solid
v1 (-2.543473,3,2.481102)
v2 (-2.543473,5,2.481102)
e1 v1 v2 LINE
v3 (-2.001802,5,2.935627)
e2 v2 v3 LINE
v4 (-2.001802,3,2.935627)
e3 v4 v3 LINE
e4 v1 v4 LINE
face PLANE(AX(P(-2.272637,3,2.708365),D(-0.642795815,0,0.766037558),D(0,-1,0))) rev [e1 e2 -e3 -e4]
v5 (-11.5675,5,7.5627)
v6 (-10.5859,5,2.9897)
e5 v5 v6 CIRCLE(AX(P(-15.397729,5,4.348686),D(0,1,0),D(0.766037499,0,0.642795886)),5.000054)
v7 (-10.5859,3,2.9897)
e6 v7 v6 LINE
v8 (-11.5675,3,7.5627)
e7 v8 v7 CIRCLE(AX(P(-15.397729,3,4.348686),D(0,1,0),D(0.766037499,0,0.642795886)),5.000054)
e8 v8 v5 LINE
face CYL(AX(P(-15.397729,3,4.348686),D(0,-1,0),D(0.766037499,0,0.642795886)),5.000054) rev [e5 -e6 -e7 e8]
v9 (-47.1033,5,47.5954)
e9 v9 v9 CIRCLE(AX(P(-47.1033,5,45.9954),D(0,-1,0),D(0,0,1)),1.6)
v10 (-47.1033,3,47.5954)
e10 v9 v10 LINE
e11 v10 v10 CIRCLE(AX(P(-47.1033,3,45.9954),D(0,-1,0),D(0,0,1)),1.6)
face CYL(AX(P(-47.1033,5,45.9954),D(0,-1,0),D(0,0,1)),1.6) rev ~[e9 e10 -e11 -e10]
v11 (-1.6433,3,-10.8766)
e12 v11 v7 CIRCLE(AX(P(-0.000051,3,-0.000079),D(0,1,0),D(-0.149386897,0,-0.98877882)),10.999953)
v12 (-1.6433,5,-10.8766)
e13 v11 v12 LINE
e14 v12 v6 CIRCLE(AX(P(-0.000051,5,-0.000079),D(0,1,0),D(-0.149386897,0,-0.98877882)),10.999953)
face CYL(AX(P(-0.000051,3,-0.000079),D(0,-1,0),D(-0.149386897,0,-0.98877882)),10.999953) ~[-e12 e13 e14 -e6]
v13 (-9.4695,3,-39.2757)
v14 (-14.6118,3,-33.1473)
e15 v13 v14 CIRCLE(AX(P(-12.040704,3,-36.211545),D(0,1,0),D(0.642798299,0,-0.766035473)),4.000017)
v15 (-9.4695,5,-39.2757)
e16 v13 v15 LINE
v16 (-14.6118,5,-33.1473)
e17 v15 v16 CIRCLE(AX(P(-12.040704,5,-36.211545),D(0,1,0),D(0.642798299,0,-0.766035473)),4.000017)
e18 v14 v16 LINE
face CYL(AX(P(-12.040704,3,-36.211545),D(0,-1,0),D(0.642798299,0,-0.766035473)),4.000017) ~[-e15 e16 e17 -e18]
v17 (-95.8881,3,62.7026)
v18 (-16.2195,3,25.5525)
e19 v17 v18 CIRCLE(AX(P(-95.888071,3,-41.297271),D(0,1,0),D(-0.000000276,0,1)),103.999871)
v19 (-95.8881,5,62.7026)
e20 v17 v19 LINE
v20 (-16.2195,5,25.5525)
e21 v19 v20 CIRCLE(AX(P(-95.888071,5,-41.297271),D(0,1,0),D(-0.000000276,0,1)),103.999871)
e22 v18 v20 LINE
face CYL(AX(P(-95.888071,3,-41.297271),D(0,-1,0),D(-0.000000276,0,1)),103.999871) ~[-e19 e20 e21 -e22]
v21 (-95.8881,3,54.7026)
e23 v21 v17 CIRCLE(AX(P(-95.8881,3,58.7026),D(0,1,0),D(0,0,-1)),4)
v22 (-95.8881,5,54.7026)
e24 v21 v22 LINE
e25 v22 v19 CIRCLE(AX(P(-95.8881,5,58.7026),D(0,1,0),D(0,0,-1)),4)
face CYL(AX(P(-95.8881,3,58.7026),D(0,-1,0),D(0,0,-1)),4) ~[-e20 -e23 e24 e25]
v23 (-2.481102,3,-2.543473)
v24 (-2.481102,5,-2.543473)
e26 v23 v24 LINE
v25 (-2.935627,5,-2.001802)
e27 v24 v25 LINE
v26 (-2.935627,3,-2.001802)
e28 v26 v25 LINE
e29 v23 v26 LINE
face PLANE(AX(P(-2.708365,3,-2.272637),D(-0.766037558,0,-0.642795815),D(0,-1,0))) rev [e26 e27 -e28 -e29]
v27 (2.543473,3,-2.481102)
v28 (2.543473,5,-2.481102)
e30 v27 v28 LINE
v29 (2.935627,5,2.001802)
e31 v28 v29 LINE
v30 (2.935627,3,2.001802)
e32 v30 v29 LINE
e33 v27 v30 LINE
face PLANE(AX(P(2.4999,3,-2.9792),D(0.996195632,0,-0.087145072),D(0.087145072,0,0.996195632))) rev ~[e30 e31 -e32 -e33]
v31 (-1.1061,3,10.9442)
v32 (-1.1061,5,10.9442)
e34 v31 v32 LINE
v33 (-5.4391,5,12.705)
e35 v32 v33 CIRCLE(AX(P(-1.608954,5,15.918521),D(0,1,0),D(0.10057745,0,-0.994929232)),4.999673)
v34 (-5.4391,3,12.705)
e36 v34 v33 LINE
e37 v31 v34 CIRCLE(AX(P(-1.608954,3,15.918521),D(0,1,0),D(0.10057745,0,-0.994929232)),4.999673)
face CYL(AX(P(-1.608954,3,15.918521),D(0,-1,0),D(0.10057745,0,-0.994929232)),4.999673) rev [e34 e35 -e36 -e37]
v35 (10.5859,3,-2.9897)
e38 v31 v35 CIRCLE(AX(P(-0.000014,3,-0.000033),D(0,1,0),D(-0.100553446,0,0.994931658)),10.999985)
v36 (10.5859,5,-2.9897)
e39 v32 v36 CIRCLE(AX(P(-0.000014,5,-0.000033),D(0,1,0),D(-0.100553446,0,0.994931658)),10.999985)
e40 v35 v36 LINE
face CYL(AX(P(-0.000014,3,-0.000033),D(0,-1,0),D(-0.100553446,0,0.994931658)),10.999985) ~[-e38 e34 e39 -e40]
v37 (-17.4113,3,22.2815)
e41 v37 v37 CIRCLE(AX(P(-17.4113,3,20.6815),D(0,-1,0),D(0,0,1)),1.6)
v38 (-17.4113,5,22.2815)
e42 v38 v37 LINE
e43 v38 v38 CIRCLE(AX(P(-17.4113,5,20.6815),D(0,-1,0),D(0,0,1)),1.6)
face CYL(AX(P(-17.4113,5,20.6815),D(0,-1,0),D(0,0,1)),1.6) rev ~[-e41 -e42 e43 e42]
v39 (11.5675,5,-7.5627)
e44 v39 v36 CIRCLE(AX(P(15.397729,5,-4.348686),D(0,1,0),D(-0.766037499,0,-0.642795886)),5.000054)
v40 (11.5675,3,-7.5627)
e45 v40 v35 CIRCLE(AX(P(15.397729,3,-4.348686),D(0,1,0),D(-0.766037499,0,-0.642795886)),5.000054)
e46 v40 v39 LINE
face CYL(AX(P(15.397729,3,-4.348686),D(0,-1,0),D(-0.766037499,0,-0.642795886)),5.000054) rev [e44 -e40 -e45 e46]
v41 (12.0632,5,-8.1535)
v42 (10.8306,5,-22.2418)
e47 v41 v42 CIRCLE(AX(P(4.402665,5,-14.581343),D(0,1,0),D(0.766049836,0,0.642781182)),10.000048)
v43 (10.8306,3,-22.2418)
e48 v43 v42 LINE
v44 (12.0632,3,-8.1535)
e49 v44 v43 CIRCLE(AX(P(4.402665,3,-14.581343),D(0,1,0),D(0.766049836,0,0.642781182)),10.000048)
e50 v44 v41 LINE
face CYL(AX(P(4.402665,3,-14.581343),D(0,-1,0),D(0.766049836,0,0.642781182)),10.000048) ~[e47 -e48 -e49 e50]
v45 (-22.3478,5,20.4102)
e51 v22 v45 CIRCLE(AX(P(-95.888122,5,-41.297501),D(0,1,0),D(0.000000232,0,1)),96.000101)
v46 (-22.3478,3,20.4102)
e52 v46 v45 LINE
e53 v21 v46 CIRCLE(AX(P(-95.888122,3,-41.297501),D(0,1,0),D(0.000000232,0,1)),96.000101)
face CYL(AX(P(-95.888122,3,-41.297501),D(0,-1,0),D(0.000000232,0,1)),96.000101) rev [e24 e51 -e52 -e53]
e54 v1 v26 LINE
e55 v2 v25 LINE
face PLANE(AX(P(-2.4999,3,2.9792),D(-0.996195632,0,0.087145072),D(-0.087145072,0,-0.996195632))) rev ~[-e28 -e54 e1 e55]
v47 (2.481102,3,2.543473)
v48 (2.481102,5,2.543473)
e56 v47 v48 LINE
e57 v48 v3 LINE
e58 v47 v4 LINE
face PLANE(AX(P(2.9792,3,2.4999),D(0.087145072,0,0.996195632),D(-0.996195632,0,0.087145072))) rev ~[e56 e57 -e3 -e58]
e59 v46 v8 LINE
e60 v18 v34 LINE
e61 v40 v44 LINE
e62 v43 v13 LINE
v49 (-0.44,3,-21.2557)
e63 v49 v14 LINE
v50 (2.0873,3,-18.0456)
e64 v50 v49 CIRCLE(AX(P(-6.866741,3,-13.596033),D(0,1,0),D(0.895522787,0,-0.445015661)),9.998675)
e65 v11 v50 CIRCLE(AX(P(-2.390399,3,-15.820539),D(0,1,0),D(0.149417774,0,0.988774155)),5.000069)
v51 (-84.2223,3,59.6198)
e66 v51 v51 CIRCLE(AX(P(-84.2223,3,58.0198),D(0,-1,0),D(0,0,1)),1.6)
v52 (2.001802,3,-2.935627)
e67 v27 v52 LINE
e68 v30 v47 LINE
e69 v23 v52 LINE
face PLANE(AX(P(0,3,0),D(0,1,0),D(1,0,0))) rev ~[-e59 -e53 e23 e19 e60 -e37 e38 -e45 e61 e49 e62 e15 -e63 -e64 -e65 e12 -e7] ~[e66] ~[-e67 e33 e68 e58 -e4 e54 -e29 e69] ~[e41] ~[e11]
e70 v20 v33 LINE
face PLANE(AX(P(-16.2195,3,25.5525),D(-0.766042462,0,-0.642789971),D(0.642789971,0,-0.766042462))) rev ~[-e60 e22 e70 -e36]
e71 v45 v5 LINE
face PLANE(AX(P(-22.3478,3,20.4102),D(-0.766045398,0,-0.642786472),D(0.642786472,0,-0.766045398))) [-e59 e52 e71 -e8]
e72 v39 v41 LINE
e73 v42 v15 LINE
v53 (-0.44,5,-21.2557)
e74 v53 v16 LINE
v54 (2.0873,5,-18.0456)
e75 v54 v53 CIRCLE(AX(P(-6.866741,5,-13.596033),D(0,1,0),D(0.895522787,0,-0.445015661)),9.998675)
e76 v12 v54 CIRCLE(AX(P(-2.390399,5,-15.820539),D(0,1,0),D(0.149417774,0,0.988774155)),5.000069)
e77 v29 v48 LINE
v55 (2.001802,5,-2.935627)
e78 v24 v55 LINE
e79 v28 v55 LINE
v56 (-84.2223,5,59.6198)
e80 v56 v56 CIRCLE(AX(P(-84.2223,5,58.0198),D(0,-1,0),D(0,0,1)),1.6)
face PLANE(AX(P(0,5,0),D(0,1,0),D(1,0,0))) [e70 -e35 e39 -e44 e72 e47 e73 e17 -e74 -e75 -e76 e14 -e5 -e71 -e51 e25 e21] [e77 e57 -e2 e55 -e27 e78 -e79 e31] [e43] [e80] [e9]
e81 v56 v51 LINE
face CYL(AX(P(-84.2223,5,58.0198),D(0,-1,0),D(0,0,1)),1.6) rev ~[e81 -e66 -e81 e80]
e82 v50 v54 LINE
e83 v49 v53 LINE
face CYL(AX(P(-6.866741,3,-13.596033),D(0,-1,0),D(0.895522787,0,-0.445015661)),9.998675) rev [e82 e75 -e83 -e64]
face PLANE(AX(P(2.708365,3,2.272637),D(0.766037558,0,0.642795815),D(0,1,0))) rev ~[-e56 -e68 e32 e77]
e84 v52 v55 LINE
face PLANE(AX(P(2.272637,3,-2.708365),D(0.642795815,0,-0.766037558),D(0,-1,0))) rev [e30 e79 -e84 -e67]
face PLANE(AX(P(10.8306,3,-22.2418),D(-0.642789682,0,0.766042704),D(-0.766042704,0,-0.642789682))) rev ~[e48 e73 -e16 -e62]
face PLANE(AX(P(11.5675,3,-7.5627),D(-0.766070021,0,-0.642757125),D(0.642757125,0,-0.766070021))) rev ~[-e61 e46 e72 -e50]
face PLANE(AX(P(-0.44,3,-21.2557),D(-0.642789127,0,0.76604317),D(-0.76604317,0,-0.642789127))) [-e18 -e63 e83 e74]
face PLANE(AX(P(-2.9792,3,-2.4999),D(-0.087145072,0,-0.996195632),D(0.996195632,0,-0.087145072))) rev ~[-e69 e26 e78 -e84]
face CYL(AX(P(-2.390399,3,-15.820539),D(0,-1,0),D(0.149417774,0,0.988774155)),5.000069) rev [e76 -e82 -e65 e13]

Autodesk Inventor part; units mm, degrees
ref_plane "YZ Plane" through (0, 0, 0) normal (1, 0, 0) x (0, 1, 0)
ref_plane "XZ Plane" through (0, 0, 0) normal (0, 1, 0) x (-1, 0, 0)
ref_plane "XY Plane" through (0, 0, 0) normal (0, 0, 1) x (1, 0, 0)
ref_plane "Work Plane5" through (0, 3, 0) normal (0, 1, 0) x (1, 0, 0)
sketch "Sketch2" plane through (0, 3, 0) normal (0, 1, 0) x (1, 0, 0)
  line L0 (0, 0) -> (-19.2836, -22.9813) construction
  line L1 (5.1953, 21.7488) -> (-12.0407, 36.2115) construction
  arc A0 (-95.8881, -58.7026) -> (-19.2836, -22.9813) centre (-95.8881, 41.2974) ccw construction
  line L2 (-19.2836, -22.9813) -> (-95.8881, 41.2974) construction
  line L3 (-95.8881, 41.2974) -> (-95.8881, -58.7026) construction
  line L4 (0, 0) -> (0, -11) construction
  line L5 (6.4279, 7.6604) -> (0, 0) construction
  arc A1 (6.4279, 7.6604) -> (5.1953, 21.7488) centre (-1.2326, 14.0883) ccw construction
  arc A2 (-95.8881, -54.7026) -> (-95.8881, -62.7026) centre (-95.8881, -58.7026) ccw
  arc A3 (-95.8881, -62.7026) -> (-16.2195, -25.5525) centre (-95.8881, 41.2974) ccw
  arc A4 (-95.8881, -54.7026) -> (-22.3478, -20.4102) centre (-95.8881, 41.2974) ccw
  line L6 (-19.2836, -22.9813) -> (-22.3478, -20.4102) construction
  line L7 (-19.2836, -22.9813) -> (-16.2195, -25.5525) construction
  line L8 (10.8306, 22.2418) -> (-9.4695, 39.2757)
  arc A5 (-9.4695, 39.2757) -> (-14.6118, 33.1473) centre (-12.0407, 36.2115) ccw
  line L9 (-0.44, 21.2557) -> (-14.6118, 33.1473)
  arc A6 (2.0873, 18.0456) -> (-0.44, 21.2557) centre (-6.8679, 13.5953) ccw
  arc A7 (12.0632, 8.1535) -> (10.8306, 22.2418) centre (4.4028, 14.5813) ccw
  circle A8 centre (0, 0) radius 7 construction
  arc A9 (-1.1061, -10.9442) -> (10.5859, 2.9897) centre (0, 0) ccw
  arc A10 (-1.6433, 10.8766) -> (-10.5859, -2.9897) centre (0, 0) ccw
  line L10 (-16.2195, -25.5525) -> (-5.4391, -12.705)
  line L11 (11.5675, 7.5627) -> (12.0632, 8.1535)
  line L12 (-22.3478, -20.4102) -> (-11.5675, -7.5627)
  arc A11 (-1.1061, -10.9442) -> (-5.4391, -12.705) centre (-1.6089, -15.9189) ccw
  arc A12 (11.5675, 7.5627) -> (10.5859, 2.9897) centre (15.3977, 4.3487) ccw
  arc A13 (-11.5675, -7.5627) -> (-10.5859, -2.9897) centre (-15.3977, -4.3487) ccw
  arc A14 (-1.6433, 10.8766) -> (2.0873, 18.0456) centre (-2.3903, 15.8204) ccw
  circle A15 centre (-6.9734, -0.6101) radius 1.5 construction
  line L13 (0, 0) -> (-6.9734, -0.6101) construction
  circle A16 centre (0.6101, -6.9734) radius 1.5 construction
  circle A17 centre (6.9734, 0.6101) radius 1.5 construction
  circle A18 centre (-0.6101, 6.9734) radius 1.5 construction
  line L14 (2.9792, -2.4999) -> (-2.4999, -2.9792)
  line L15 (-2.4999, -2.9792) -> (-2.9792, 2.4999)
  line L16 (-2.9792, 2.4999) -> (2.4999, 2.9792)
  line L17 (2.4999, 2.9792) -> (2.9792, -2.4999)
  line L18 (2.9792, -2.4999) -> (-2.9792, 2.4999) construction
  line L19 (-2.4999, -2.9792) -> (2.4999, 2.9792) construction
  line L20 (-2.7395, -0.2397) -> (0, 0) construction
  point P0 (12.8558, 15.3209)
  point P1 (-3.5224, -10.4208)
  point P2 (9.6508, 5.2785)
  dimension "d53" = 14
  dimension "d24" = 30
  dimension "d27" = 32.5
  dimension "d28" = 20
  dimension "d29" = 100
  dimension "d30" = 50
  dimension "d41" = 10
  dimension "d42" = 140
  dimension "d50" = 8
  dimension "d51" = 4
  dimension "d52" = 10
  dimension "d55" = 11
  dimension "d56" = 11
  dimension "d57" = 5
  dimension "d62" = 3
  dimension "d63" = 45
  dimension "d66" = 360
  dimension "d69" = 5.5
extrude "Extrusion2" add sketch "Sketch2" along normal blind 2
chamfer "Faza1" distance 0.5 angle 45 4 edges at (2.4999, 4, -2.9792) (-2.9792, 4, -2.4999) (-2.4999, 4, 2.9792) (2.9792, 4, 2.4999)
sketch "Sketch3" plane through (0, 5, 0) normal (0, 1, 0) x (1, 0, 0)
  arc A0 (-95.8881, -54.7026) -> (-22.3478, -20.4102) centre (-95.8881, 41.2974) ccw construction
  arc A1 (-84.2223, -58.0198) -> (-17.4113, -20.6815) centre (-95.8881, 41.2974) ccw construction
  arc A2 (-95.8881, -62.7026) -> (-16.2195, -25.5525) centre (-95.8881, 41.2974) ccw construction
  line L0 (-84.2223, -58.0198) -> (-95.8881, 41.2974) construction
  line L1 (-95.8881, 41.2974) -> (-17.4113, -20.6815) construction
  line L2 (-95.8881, 41.2974) -> (0, 0) construction
  point P0 (-47.1033, -45.9954)
  dimension "d73" = 4
  dimension "d74" = 45
  dimension "d75" = 15
hole "Hole1" at (-84.2223, 5, 58.0198) at (-17.4113, 5, 20.6815) at (-47.1033, 5, 45.9954) direction (0, -1, 0) diameter 3.2 end through all
sketch "Sketch4" plane through (0, 5, 0) normal (0, 1, 0) x (1, 0, 0)
  circle A0 centre (-17.4113, -20.6815) radius 1.6 projected
  circle A1 centre (-84.2223, -58.0198) radius 1.6 projected
  circle A2 centre (-47.1033, -45.9954) radius 1.6 projected
  line L0 (-2.5434, -2.4811) -> (-2.9356, 2.0018) projected
  line L1 (-2.4811, 2.5434) -> (-2.9356, 2.0018) projected
  line L2 (-2.4811, 2.5434) -> (2.0018, 2.9356) projected
  line L3 (2.5434, 2.4811) -> (2.0018, 2.9356) projected
  line L4 (2.5434, 2.4811) -> (2.9356, -2.0018) projected
  line L5 (2.4811, -2.5434) -> (2.9356, -2.0018) projected
  line L6 (2.4811, -2.5434) -> (-2.0018, -2.9356) projected
  line L7 (-2.5434, -2.4811) -> (-2.0018, -2.9356) projected
  arc A3 (-95.8881, -62.7026) -> (-16.2195, -25.5525) centre (-95.8881, 41.2974) ccw projected
  line L8 (-16.2195, -25.5525) -> (-5.4391, -12.705) projected
  arc A4 (-1.1061, -10.9442) -> (-5.4391, -12.705) centre (-1.6089, -15.9189) ccw projected
  arc A5 (-1.1061, -10.9442) -> (10.5859, 2.9897) centre (0, 0) ccw projected
  arc A6 (11.5675, 7.5627) -> (10.5859, 2.9897) centre (15.3977, 4.3487) ccw projected
  line L9 (11.5675, 7.5627) -> (12.0632, 8.1535) projected
  arc A7 (12.0632, 8.1535) -> (10.8306, 22.2418) centre (4.4028, 14.5813) ccw projected
  line L10 (10.8306, 22.2418) -> (-9.4695, 39.2757) projected
  arc A8 (-9.4695, 39.2757) -> (-14.6118, 33.1473) centre (-12.0407, 36.2115) ccw projected
  line L11 (-14.6118, 33.1473) -> (-0.44, 21.2557) projected
  arc A9 (2.0873, 18.0456) -> (-0.44, 21.2557) centre (-6.8679, 13.5953) ccw projected
  arc A10 (-1.6433, 10.8766) -> (2.0873, 18.0456) centre (-2.3903, 15.8204) ccw projected
  arc A11 (-1.6433, 10.8766) -> (-10.5859, -2.9897) centre (0, 0) ccw projected
  arc A12 (-11.5675, -7.5627) -> (-10.5859, -2.9897) centre (-15.3977, -4.3487) ccw projected
  line L12 (-11.5675, -7.5627) -> (-22.3478, -20.4102) projected
  arc A13 (-95.8881, -54.7026) -> (-22.3478, -20.4102) centre (-95.8881, 41.2974) ccw projected
  arc A14 (-95.8881, -54.7026) -> (-95.8881, -62.7026) centre (-95.8881, -58.7026) ccw projected
  point P0 (0, 0)
properties part number "wstepna_geometria_wersja_2"
